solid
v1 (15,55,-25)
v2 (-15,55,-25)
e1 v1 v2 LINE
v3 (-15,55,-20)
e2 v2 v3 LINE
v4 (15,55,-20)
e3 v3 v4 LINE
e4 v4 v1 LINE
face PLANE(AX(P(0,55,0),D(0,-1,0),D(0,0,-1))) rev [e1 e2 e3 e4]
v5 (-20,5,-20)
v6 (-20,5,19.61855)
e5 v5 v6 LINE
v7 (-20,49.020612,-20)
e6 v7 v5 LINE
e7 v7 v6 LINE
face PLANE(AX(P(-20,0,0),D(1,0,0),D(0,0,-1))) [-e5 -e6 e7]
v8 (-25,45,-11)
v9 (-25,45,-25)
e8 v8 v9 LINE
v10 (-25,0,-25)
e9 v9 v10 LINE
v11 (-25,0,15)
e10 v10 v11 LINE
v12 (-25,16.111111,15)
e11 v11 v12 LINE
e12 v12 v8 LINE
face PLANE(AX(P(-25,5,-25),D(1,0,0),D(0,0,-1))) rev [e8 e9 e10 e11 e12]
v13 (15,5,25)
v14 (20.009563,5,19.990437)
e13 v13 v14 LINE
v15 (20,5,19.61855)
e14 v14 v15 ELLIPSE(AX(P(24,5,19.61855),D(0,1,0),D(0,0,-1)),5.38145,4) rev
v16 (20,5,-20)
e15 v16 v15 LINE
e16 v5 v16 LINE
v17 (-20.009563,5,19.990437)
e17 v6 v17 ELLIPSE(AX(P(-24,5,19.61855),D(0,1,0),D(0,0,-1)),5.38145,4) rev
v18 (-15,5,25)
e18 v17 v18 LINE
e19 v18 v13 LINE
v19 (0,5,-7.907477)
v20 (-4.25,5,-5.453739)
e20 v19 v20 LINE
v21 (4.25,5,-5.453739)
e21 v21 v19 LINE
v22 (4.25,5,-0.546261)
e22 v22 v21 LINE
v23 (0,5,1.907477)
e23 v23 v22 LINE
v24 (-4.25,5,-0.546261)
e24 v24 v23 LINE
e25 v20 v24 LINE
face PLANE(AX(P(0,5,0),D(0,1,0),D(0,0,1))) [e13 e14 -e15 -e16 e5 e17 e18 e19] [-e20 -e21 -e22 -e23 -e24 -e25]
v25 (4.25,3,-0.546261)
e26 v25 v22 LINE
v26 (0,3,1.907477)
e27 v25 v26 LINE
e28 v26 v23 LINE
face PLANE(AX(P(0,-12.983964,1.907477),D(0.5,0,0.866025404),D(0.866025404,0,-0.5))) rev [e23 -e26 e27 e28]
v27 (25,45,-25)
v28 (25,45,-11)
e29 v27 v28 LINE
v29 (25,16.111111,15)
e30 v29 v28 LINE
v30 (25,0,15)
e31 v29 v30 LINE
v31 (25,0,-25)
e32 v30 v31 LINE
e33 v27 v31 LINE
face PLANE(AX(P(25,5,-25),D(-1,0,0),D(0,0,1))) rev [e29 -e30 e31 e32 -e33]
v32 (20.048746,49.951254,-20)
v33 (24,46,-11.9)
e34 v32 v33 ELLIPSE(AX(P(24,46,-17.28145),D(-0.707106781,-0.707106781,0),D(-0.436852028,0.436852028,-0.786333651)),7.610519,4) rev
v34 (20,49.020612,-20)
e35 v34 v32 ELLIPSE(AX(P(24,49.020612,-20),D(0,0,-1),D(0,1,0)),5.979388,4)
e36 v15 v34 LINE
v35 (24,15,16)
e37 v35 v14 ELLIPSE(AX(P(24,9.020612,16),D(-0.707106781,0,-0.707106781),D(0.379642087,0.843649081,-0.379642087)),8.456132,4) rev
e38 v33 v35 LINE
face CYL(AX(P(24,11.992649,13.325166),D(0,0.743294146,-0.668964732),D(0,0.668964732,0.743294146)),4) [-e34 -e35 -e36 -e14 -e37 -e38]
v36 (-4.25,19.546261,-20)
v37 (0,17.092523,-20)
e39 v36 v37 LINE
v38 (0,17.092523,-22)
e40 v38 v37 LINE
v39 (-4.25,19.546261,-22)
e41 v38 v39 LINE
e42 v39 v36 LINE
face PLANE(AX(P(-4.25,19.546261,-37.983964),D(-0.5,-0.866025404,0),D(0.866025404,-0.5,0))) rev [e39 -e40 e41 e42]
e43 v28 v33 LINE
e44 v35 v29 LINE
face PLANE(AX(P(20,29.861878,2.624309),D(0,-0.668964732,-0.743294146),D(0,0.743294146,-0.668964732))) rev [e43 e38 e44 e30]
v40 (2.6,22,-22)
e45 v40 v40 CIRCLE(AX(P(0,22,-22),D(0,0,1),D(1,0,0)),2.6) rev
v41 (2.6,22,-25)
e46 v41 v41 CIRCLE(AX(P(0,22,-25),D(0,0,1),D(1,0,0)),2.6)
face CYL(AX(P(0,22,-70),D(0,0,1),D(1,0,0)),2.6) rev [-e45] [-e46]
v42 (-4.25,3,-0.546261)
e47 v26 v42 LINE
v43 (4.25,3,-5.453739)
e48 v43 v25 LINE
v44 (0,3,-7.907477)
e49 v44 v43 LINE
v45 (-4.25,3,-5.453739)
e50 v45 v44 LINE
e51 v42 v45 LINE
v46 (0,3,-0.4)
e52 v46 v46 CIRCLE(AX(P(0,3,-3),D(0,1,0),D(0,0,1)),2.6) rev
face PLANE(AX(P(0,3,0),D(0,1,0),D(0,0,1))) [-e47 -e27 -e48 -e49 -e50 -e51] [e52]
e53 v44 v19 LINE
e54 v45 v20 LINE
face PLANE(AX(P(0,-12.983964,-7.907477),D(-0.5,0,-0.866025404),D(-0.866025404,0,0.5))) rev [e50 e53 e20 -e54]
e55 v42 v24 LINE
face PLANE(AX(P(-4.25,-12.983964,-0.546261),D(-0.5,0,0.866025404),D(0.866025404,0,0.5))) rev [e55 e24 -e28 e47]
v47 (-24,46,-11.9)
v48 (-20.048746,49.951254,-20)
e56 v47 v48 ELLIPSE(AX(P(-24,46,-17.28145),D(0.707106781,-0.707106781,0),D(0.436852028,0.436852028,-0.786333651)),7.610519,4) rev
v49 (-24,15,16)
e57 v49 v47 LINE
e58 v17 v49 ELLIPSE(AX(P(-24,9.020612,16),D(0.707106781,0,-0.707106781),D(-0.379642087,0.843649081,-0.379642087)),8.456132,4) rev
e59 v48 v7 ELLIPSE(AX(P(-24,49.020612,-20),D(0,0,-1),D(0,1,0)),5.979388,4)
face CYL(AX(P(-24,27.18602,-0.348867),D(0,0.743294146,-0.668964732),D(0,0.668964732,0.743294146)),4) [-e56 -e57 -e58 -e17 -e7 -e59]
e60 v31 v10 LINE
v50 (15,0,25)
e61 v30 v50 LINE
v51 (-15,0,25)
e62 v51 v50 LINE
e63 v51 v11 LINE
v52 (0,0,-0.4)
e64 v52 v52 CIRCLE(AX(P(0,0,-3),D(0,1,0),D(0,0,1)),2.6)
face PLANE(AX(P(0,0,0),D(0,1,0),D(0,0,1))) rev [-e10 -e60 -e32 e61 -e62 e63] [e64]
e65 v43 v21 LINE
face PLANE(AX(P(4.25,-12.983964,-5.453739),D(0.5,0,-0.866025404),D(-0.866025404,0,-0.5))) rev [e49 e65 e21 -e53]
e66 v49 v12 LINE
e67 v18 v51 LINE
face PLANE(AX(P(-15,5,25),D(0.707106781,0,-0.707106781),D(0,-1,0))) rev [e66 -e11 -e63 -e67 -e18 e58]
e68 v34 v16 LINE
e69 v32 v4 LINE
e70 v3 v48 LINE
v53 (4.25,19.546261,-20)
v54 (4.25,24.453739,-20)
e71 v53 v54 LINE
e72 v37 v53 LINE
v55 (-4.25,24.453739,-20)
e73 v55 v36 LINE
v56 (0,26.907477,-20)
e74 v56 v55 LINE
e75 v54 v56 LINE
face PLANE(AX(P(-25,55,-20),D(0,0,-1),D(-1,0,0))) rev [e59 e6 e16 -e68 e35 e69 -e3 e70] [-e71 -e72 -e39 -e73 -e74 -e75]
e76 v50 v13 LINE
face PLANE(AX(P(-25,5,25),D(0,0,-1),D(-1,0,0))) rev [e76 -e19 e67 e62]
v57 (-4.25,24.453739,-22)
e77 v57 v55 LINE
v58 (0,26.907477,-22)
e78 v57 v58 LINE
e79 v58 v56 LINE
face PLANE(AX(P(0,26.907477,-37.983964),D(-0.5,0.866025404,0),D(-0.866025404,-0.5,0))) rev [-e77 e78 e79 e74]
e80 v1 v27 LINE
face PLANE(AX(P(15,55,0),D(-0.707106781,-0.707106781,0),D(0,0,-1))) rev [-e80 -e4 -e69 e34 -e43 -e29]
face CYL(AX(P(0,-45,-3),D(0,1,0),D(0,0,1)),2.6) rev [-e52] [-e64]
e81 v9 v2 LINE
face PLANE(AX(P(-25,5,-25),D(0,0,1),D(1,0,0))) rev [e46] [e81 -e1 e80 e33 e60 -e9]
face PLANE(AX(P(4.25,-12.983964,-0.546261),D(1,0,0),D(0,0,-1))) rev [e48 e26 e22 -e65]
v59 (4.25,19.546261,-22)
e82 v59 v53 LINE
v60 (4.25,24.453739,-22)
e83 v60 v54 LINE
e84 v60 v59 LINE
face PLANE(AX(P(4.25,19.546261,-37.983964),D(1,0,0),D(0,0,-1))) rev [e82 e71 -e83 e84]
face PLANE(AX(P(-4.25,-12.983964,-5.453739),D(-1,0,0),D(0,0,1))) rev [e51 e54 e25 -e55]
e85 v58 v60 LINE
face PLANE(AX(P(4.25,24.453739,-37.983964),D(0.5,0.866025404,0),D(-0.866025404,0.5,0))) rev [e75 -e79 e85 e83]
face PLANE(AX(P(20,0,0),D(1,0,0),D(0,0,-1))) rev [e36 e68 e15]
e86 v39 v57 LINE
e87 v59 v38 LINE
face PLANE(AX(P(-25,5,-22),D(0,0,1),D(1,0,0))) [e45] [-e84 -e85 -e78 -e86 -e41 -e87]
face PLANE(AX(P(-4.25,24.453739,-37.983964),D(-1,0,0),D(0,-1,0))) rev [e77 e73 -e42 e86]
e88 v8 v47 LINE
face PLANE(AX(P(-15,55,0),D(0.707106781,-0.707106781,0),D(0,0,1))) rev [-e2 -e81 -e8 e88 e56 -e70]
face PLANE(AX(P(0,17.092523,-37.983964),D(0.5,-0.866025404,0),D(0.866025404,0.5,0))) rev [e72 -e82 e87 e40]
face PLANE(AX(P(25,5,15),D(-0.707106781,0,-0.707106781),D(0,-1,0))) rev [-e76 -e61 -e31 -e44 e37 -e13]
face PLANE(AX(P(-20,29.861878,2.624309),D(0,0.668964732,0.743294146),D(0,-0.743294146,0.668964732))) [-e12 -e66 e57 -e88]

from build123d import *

# Parameters (mm, degrees)
SKETCH1_W               = 50
SKETCH1_H               = 50
BOSS_EXTRUDE1_DEPTH     = 5
SKETCH2_W               = 50
SKETCH2_H               = 5
BOSS_EXTRUDE2_DEPTH     = 50
SKETCH3_R               = 2.6
CUT_EXTRUDE1_DEPTH      = 50
SKETCH4_R               = 2.6
CUT_EXTRUDE2_DEPTH      = 50
CHAMFER1_SIZE           = 10
CUT_EXTRUDE3_DEPTH      = 2
CUT_EXTRUDE4_DEPTH      = 2
BOSS_EXTRUDE3_DEPTH     = 5
BOSS_EXTRUDE4_START     = -50
BOSS_EXTRUDE4_DEPTH     = 5
CUT_EXTRUDE5_DEPTH      = 66.383484153
CUT_EXTRUDE5_DEPTH_BACK = 66.383484153
CUT_EXTRUDE6_DEPTH      = 79.421935707
CUT_EXTRUDE6_DEPTH_BACK = 79.421935707
FILLET1_R               = 4


with BuildPart() as part:
    # Sketch1 → Boss-Extrude1 (new body)
    with BuildSketch(Plane(origin=(0, 0, 0), x_dir=(1, 0, 0), z_dir=(0, 1, 0))):
        Rectangle(SKETCH1_W, SKETCH1_H)
    extrude(amount=BOSS_EXTRUDE1_DEPTH)

    # Sketch2 → Boss-Extrude2 (add)
    with BuildSketch(Plane(origin=(0, 5, 0), x_dir=(1, 0, 0), z_dir=(0, 1, 0))):
        with Locations((0, 22.5)):
            Rectangle(SKETCH2_W, SKETCH2_H)
    extrude(amount=BOSS_EXTRUDE2_DEPTH)

    # Sketch3 → Cut-Extrude1 (cut)
    with BuildSketch(Plane.XY.offset(-20)):
        with Locations((0, 22)):
            Circle(SKETCH3_R)
    extrude(amount=-CUT_EXTRUDE1_DEPTH, mode=Mode.SUBTRACT)

    # Sketch4 → Cut-Extrude2 (cut)
    with BuildSketch(Plane(origin=(0, 5, 0), x_dir=(1, 0, 0), z_dir=(0, 1, 0))):
        with Locations(Location((0, 3, 0), (0, 0, 270))):
            Circle(SKETCH4_R)
    extrude(amount=-CUT_EXTRUDE2_DEPTH, mode=Mode.SUBTRACT)

    # Chamfer1
    chamfer1_edges = [part.edges().sort_by_distance(p)[0] for p in [
        (25, 55, -22.5),
        (-25, 55, -22.5),
        (25, 2.5, 25),
        (-25, 2.5, 25),
    ]]
    chamfer(chamfer1_edges, length=CHAMFER1_SIZE)

    # Sketch5 → Cut-Extrude3 (cut)
    with BuildSketch(Plane.XY.offset(-20)):
        Polygon((0, 26.907477288), (-4.25, 24.453738644), (-4.25, 19.546261356), (0, 17.092522712), (4.25, 19.546261356), (4.25, 24.453738644), align=None)
    extrude(amount=-CUT_EXTRUDE3_DEPTH, mode=Mode.SUBTRACT)

    # Sketch6 → Cut-Extrude4 (cut)
    with BuildSketch(Plane(origin=(0, 5, 0), x_dir=(1, 0, 0), z_dir=(0, 1, 0))):
        Polygon((0, 7.907477288), (-4.25, 5.453738644), (-4.25, 0.546261356), (0, -1.907477288), (4.25, 0.546261356), (4.25, 5.453738644), align=None)
    extrude(amount=-CUT_EXTRUDE4_DEPTH, mode=Mode.SUBTRACT)

    # Sketch7 → Boss-Extrude3 (add)
    with BuildSketch(Plane.ZY.offset(25)):
        Polygon((-20, 55), (25, 5), (-20, 5), align=None)
    extrude(amount=-BOSS_EXTRUDE3_DEPTH)

    # Sketch7<2> → Boss-Extrude4 (add)
    with BuildSketch(Plane.ZY.offset(25).offset(BOSS_EXTRUDE4_START)):
        Polygon((-20, 55), (25, 5), (-20, 5), align=None)
    extrude(amount=BOSS_EXTRUDE4_DEPTH)

    # Sketch8 → Cut-Extrude5 (cut, two sides: drawn at the far end of the back side and taken through both)
    with BuildSketch(Plane.XZ.offset(-CUT_EXTRUDE5_DEPTH_BACK)):
        Polygon((-25, 15), (-15, 25), (15, 25), (25, 15), (34.688631102, 13.868509335), (41.480658752, 39.43849578), (-8.141096193, 43.673524785), (-46.895606899, 41.556010282), (-45.565833038, 17.218639636), (-29.396147425, 9.154043084), align=None)
    extrude(amount=CUT_EXTRUDE5_DEPTH + CUT_EXTRUDE5_DEPTH_BACK, mode=Mode.SUBTRACT)

    # Sketch9 → Cut-Extrude6 (cut, two sides: drawn at the far end of the back side and taken through both)
    with BuildSketch(Plane(origin=(0, 0, -25), x_dir=(-1, 0, 0), z_dir=(0, 0, -1)).offset(-CUT_EXTRUDE6_DEPTH_BACK)):
        Polygon((-25, 45), (-15, 55), (15, 55), (25, 45), (34.215912108, 41.57366901), (36.332651021, 61.374461749), (-31.078246872, 63.763955814), (-33.631649738, 52.638414759), (-28.038481557, 40.053786352), align=None)
    extrude(amount=CUT_EXTRUDE6_DEPTH + CUT_EXTRUDE6_DEPTH_BACK, mode=Mode.SUBTRACT)

    # Fillet1
    fillet1_edges = [part.edges().sort_by_distance(p)[0] for p in [
        (20, 30.277777778, 2.25),
        (-20, 30.277777778, 2.25),
    ]]
    fillet(fillet1_edges, radius=FILLET1_R)


solid = part.part
